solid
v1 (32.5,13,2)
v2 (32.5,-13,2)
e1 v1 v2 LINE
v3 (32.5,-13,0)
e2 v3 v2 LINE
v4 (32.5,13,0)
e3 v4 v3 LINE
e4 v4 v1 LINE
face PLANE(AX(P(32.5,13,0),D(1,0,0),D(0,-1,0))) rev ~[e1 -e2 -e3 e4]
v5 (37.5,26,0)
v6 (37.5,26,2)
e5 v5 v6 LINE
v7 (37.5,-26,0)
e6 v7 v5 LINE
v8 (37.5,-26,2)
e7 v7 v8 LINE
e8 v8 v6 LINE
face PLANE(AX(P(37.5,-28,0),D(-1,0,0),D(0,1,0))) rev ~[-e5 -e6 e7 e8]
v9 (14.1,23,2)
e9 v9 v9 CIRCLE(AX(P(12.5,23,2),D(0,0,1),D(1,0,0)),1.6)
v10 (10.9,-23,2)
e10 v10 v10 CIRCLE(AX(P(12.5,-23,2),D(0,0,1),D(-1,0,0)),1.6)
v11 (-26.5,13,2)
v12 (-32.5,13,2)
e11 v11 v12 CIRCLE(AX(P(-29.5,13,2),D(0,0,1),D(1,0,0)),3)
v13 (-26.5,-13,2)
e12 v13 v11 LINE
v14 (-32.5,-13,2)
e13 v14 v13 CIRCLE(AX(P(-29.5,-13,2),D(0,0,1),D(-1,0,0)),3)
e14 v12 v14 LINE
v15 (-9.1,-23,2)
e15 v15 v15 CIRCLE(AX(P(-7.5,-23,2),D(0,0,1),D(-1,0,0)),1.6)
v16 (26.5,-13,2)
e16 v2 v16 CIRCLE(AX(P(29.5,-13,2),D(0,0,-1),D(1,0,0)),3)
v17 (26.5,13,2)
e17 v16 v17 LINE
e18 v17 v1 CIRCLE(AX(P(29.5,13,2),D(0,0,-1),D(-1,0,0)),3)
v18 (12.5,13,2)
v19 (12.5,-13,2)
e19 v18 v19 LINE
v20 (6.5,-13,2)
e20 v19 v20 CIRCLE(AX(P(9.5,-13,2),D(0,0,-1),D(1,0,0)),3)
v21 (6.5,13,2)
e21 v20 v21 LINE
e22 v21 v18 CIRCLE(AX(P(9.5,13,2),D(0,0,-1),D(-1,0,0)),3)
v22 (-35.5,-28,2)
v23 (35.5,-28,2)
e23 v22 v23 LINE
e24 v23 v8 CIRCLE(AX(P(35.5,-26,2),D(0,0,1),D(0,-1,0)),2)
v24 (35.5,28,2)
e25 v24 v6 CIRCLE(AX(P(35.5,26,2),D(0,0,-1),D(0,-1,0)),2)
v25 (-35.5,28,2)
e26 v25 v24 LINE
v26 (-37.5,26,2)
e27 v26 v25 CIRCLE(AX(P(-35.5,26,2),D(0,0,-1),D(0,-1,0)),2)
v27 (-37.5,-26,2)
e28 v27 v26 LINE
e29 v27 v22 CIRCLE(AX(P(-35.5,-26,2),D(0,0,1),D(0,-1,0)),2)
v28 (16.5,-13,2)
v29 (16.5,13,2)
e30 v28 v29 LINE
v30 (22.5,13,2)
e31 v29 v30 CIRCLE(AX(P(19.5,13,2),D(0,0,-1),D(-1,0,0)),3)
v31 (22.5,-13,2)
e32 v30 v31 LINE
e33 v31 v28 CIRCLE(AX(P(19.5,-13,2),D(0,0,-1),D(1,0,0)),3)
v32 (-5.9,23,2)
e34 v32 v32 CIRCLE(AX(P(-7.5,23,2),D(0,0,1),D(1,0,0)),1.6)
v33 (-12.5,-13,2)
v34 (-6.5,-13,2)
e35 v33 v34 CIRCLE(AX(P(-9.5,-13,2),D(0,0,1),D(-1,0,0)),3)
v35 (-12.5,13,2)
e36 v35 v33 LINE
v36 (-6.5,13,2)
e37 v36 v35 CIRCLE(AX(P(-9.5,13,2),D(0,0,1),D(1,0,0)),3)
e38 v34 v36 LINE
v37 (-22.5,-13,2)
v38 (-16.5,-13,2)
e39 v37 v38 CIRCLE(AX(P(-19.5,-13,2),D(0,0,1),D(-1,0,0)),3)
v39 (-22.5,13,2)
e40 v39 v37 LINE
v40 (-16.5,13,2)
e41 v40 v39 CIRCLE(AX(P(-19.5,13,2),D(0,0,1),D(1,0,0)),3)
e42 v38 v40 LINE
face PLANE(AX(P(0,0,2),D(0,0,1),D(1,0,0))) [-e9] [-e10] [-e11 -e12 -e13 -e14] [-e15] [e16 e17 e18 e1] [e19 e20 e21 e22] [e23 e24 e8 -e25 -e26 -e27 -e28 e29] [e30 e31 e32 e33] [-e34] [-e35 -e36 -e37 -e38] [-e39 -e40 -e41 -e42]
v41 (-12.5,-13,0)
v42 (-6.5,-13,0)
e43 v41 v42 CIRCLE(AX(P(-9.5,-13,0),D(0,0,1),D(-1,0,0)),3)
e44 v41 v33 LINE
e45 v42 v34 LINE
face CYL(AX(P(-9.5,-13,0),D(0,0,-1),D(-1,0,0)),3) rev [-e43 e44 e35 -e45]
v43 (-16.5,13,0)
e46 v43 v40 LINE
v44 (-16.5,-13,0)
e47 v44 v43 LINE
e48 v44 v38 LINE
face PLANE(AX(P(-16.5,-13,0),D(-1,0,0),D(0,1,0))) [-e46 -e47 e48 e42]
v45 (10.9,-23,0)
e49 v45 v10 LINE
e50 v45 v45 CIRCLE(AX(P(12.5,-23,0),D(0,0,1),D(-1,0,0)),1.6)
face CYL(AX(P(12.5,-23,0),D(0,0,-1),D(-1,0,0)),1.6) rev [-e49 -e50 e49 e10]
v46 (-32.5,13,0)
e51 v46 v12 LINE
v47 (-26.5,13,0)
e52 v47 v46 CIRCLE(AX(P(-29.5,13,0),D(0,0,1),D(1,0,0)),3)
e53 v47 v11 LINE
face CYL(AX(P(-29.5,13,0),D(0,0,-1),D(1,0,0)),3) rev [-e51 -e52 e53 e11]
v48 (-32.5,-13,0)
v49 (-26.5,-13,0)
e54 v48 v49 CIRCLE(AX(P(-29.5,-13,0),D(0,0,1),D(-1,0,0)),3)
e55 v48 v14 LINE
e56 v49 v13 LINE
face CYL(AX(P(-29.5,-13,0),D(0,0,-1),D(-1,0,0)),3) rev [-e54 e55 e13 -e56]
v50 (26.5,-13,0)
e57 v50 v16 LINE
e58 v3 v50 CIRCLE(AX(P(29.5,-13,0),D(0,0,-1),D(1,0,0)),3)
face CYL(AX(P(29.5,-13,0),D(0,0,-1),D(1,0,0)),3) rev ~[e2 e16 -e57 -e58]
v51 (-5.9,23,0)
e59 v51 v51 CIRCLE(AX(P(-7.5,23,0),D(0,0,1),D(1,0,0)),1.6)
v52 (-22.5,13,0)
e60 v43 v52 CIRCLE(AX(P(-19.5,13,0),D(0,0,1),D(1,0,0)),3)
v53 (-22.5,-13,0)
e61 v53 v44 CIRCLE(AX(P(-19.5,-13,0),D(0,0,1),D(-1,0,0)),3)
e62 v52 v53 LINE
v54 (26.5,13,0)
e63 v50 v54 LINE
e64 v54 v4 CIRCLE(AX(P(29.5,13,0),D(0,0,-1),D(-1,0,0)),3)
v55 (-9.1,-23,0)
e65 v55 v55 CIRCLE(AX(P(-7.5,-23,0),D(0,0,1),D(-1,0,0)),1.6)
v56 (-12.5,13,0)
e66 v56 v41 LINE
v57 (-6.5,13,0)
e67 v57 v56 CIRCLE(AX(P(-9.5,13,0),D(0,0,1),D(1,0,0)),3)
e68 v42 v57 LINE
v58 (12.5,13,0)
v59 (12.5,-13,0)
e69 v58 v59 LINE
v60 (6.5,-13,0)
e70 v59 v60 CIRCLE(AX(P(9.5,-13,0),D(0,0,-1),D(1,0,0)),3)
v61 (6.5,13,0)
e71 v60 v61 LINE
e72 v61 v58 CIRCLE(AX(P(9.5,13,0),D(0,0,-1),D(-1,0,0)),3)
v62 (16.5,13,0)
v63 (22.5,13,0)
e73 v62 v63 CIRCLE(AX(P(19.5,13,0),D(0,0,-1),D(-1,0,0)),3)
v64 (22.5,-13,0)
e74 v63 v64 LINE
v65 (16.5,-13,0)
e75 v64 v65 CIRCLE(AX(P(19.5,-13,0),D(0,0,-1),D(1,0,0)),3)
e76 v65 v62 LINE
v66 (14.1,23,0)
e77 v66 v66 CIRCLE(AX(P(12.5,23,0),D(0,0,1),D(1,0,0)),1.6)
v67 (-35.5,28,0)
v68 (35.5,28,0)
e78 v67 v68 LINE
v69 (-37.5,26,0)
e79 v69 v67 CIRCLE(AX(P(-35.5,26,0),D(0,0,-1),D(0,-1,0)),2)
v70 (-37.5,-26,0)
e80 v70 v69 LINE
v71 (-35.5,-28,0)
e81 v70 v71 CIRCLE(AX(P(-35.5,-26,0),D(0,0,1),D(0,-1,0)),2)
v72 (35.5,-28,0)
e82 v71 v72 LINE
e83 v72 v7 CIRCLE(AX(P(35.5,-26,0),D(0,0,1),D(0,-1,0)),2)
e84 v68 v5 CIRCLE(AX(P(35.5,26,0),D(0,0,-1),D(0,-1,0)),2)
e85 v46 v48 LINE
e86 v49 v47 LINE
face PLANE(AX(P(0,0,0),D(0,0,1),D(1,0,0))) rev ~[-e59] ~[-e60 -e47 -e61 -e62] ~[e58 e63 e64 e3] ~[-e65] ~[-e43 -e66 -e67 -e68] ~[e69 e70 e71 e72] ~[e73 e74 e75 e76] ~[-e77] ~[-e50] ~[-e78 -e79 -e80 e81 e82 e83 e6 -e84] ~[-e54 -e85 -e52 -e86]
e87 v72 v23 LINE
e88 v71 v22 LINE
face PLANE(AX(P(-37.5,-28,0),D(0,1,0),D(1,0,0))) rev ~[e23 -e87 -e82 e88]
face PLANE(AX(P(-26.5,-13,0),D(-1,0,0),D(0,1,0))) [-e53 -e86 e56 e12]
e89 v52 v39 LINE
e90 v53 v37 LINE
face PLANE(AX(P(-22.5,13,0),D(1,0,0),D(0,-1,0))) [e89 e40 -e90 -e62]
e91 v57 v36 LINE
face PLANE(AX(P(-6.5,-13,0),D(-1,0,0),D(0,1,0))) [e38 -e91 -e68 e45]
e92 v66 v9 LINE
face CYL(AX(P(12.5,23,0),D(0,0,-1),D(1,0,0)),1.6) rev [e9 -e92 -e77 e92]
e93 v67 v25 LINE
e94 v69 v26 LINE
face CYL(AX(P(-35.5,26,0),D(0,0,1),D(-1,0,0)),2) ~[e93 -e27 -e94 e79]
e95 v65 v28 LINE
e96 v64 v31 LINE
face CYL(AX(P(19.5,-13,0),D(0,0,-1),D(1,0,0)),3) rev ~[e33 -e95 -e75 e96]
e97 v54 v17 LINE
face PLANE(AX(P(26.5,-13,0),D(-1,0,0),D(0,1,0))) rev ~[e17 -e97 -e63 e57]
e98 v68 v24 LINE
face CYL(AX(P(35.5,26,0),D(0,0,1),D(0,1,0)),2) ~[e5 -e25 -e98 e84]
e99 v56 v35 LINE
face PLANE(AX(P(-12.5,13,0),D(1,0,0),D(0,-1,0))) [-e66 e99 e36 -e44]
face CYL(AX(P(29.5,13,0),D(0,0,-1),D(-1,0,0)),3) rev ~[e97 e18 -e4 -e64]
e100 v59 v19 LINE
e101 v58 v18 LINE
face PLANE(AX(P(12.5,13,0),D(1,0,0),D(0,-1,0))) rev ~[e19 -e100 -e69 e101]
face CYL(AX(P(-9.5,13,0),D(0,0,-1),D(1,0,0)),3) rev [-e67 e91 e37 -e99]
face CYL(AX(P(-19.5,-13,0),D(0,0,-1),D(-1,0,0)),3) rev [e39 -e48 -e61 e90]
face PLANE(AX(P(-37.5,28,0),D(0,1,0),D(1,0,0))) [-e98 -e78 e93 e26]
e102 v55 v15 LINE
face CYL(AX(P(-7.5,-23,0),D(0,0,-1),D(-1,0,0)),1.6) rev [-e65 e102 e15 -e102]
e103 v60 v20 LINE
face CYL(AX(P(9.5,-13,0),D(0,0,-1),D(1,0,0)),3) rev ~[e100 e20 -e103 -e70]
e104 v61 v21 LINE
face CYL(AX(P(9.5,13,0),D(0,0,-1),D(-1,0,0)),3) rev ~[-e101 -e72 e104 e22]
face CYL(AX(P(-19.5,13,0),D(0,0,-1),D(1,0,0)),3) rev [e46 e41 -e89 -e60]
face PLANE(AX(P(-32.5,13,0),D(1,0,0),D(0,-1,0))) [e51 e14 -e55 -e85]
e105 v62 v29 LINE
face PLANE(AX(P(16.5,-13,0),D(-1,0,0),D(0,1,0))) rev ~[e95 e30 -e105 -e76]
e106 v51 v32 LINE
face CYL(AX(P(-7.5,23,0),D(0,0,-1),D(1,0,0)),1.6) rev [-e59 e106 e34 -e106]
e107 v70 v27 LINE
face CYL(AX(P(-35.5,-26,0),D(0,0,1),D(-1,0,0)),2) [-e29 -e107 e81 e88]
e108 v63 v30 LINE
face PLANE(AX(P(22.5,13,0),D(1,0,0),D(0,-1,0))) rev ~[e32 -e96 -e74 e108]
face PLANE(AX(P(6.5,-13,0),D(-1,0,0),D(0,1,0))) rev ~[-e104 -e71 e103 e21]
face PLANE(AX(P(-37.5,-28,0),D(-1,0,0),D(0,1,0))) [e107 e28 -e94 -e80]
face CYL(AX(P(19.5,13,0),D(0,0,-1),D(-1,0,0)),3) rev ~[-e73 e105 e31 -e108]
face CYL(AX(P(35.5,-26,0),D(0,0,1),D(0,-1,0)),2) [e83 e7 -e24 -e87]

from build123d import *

# Parameters (mm, degrees)
SKETCH_1_W      = 75
SKETCH_1_H      = 56
SKETCH_1_R      = 1.6
EXTRUDE_1_DEPTH = 2
FILLET_1_R      = 2


with BuildPart() as part:
    # 草图1 → 凸台-拉伸1 (new body)
    with BuildSketch(Plane.XY):
        Rectangle(SKETCH_1_W, SKETCH_1_H)
        with Locations((12.5, 23)):
            Circle(SKETCH_1_R, mode=Mode.SUBTRACT)
        with Locations((-7.5, 23)):
            Circle(SKETCH_1_R, mode=Mode.SUBTRACT)
        with Locations(Location((-7.5, -23, 0), (0, 0, 180))):
            Circle(SKETCH_1_R, mode=Mode.SUBTRACT)
        with Locations(Location((12.5, -23, 0), (0, 0, 180))):
            Circle(SKETCH_1_R, mode=Mode.SUBTRACT)
        with BuildLine():
            Line((32.5, 13), (32.5, -13))
            ThreePointArc((32.5, -13), (29.5, -16), (26.5, -13))
            Line((26.5, -13), (26.5, 13))
            ThreePointArc((26.5, 13), (29.5, 16), (32.5, 13))
        make_face(mode=Mode.SUBTRACT)
        with BuildLine():
            Line((22.5, 13), (22.5, -13))
            ThreePointArc((22.5, -13), (19.5, -16), (16.5, -13))
            Line((16.5, -13), (16.5, 13))
            ThreePointArc((16.5, 13), (19.5, 16), (22.5, 13))
        make_face(mode=Mode.SUBTRACT)
        with BuildLine():
            Line((12.5, 13), (12.5, -13))
            ThreePointArc((12.5, -13), (9.5, -16), (6.5, -13))
            Line((6.5, -13), (6.5, 13))
            ThreePointArc((6.5, 13), (9.5, 16), (12.5, 13))
        make_face(mode=Mode.SUBTRACT)
        with BuildLine():
            Line((-12.5, 13), (-12.5, -13))
            ThreePointArc((-12.5, -13), (-9.5, -16), (-6.5, -13))
            Line((-6.5, -13), (-6.5, 13))
            ThreePointArc((-6.5, 13), (-9.5, 16), (-12.5, 13))
        make_face(mode=Mode.SUBTRACT)
        with BuildLine():
            Line((-22.5, 13), (-22.5, -13))
            ThreePointArc((-22.5, -13), (-19.5, -16), (-16.5, -13))
            Line((-16.5, -13), (-16.5, 13))
            ThreePointArc((-16.5, 13), (-19.5, 16), (-22.5, 13))
        make_face(mode=Mode.SUBTRACT)
        with BuildLine():
            Line((-32.5, 13), (-32.5, -13))
            ThreePointArc((-32.5, -13), (-29.5, -16), (-26.5, -13))
            Line((-26.5, -13), (-26.5, 13))
            ThreePointArc((-26.5, 13), (-29.5, 16), (-32.5, 13))
        make_face(mode=Mode.SUBTRACT)
    extrude(amount=EXTRUDE_1_DEPTH)

    # 圆角1
    fillet_1_edges = [part.edges().sort_by_distance(p)[0] for p in [
        (-37.5, 28, 1),
        (37.5, 28, 1),
        (37.5, -28, 1),
        (-37.5, -28, 1),
    ]]
    fillet(fillet_1_edges, radius=FILLET_1_R)


solid = part.part
